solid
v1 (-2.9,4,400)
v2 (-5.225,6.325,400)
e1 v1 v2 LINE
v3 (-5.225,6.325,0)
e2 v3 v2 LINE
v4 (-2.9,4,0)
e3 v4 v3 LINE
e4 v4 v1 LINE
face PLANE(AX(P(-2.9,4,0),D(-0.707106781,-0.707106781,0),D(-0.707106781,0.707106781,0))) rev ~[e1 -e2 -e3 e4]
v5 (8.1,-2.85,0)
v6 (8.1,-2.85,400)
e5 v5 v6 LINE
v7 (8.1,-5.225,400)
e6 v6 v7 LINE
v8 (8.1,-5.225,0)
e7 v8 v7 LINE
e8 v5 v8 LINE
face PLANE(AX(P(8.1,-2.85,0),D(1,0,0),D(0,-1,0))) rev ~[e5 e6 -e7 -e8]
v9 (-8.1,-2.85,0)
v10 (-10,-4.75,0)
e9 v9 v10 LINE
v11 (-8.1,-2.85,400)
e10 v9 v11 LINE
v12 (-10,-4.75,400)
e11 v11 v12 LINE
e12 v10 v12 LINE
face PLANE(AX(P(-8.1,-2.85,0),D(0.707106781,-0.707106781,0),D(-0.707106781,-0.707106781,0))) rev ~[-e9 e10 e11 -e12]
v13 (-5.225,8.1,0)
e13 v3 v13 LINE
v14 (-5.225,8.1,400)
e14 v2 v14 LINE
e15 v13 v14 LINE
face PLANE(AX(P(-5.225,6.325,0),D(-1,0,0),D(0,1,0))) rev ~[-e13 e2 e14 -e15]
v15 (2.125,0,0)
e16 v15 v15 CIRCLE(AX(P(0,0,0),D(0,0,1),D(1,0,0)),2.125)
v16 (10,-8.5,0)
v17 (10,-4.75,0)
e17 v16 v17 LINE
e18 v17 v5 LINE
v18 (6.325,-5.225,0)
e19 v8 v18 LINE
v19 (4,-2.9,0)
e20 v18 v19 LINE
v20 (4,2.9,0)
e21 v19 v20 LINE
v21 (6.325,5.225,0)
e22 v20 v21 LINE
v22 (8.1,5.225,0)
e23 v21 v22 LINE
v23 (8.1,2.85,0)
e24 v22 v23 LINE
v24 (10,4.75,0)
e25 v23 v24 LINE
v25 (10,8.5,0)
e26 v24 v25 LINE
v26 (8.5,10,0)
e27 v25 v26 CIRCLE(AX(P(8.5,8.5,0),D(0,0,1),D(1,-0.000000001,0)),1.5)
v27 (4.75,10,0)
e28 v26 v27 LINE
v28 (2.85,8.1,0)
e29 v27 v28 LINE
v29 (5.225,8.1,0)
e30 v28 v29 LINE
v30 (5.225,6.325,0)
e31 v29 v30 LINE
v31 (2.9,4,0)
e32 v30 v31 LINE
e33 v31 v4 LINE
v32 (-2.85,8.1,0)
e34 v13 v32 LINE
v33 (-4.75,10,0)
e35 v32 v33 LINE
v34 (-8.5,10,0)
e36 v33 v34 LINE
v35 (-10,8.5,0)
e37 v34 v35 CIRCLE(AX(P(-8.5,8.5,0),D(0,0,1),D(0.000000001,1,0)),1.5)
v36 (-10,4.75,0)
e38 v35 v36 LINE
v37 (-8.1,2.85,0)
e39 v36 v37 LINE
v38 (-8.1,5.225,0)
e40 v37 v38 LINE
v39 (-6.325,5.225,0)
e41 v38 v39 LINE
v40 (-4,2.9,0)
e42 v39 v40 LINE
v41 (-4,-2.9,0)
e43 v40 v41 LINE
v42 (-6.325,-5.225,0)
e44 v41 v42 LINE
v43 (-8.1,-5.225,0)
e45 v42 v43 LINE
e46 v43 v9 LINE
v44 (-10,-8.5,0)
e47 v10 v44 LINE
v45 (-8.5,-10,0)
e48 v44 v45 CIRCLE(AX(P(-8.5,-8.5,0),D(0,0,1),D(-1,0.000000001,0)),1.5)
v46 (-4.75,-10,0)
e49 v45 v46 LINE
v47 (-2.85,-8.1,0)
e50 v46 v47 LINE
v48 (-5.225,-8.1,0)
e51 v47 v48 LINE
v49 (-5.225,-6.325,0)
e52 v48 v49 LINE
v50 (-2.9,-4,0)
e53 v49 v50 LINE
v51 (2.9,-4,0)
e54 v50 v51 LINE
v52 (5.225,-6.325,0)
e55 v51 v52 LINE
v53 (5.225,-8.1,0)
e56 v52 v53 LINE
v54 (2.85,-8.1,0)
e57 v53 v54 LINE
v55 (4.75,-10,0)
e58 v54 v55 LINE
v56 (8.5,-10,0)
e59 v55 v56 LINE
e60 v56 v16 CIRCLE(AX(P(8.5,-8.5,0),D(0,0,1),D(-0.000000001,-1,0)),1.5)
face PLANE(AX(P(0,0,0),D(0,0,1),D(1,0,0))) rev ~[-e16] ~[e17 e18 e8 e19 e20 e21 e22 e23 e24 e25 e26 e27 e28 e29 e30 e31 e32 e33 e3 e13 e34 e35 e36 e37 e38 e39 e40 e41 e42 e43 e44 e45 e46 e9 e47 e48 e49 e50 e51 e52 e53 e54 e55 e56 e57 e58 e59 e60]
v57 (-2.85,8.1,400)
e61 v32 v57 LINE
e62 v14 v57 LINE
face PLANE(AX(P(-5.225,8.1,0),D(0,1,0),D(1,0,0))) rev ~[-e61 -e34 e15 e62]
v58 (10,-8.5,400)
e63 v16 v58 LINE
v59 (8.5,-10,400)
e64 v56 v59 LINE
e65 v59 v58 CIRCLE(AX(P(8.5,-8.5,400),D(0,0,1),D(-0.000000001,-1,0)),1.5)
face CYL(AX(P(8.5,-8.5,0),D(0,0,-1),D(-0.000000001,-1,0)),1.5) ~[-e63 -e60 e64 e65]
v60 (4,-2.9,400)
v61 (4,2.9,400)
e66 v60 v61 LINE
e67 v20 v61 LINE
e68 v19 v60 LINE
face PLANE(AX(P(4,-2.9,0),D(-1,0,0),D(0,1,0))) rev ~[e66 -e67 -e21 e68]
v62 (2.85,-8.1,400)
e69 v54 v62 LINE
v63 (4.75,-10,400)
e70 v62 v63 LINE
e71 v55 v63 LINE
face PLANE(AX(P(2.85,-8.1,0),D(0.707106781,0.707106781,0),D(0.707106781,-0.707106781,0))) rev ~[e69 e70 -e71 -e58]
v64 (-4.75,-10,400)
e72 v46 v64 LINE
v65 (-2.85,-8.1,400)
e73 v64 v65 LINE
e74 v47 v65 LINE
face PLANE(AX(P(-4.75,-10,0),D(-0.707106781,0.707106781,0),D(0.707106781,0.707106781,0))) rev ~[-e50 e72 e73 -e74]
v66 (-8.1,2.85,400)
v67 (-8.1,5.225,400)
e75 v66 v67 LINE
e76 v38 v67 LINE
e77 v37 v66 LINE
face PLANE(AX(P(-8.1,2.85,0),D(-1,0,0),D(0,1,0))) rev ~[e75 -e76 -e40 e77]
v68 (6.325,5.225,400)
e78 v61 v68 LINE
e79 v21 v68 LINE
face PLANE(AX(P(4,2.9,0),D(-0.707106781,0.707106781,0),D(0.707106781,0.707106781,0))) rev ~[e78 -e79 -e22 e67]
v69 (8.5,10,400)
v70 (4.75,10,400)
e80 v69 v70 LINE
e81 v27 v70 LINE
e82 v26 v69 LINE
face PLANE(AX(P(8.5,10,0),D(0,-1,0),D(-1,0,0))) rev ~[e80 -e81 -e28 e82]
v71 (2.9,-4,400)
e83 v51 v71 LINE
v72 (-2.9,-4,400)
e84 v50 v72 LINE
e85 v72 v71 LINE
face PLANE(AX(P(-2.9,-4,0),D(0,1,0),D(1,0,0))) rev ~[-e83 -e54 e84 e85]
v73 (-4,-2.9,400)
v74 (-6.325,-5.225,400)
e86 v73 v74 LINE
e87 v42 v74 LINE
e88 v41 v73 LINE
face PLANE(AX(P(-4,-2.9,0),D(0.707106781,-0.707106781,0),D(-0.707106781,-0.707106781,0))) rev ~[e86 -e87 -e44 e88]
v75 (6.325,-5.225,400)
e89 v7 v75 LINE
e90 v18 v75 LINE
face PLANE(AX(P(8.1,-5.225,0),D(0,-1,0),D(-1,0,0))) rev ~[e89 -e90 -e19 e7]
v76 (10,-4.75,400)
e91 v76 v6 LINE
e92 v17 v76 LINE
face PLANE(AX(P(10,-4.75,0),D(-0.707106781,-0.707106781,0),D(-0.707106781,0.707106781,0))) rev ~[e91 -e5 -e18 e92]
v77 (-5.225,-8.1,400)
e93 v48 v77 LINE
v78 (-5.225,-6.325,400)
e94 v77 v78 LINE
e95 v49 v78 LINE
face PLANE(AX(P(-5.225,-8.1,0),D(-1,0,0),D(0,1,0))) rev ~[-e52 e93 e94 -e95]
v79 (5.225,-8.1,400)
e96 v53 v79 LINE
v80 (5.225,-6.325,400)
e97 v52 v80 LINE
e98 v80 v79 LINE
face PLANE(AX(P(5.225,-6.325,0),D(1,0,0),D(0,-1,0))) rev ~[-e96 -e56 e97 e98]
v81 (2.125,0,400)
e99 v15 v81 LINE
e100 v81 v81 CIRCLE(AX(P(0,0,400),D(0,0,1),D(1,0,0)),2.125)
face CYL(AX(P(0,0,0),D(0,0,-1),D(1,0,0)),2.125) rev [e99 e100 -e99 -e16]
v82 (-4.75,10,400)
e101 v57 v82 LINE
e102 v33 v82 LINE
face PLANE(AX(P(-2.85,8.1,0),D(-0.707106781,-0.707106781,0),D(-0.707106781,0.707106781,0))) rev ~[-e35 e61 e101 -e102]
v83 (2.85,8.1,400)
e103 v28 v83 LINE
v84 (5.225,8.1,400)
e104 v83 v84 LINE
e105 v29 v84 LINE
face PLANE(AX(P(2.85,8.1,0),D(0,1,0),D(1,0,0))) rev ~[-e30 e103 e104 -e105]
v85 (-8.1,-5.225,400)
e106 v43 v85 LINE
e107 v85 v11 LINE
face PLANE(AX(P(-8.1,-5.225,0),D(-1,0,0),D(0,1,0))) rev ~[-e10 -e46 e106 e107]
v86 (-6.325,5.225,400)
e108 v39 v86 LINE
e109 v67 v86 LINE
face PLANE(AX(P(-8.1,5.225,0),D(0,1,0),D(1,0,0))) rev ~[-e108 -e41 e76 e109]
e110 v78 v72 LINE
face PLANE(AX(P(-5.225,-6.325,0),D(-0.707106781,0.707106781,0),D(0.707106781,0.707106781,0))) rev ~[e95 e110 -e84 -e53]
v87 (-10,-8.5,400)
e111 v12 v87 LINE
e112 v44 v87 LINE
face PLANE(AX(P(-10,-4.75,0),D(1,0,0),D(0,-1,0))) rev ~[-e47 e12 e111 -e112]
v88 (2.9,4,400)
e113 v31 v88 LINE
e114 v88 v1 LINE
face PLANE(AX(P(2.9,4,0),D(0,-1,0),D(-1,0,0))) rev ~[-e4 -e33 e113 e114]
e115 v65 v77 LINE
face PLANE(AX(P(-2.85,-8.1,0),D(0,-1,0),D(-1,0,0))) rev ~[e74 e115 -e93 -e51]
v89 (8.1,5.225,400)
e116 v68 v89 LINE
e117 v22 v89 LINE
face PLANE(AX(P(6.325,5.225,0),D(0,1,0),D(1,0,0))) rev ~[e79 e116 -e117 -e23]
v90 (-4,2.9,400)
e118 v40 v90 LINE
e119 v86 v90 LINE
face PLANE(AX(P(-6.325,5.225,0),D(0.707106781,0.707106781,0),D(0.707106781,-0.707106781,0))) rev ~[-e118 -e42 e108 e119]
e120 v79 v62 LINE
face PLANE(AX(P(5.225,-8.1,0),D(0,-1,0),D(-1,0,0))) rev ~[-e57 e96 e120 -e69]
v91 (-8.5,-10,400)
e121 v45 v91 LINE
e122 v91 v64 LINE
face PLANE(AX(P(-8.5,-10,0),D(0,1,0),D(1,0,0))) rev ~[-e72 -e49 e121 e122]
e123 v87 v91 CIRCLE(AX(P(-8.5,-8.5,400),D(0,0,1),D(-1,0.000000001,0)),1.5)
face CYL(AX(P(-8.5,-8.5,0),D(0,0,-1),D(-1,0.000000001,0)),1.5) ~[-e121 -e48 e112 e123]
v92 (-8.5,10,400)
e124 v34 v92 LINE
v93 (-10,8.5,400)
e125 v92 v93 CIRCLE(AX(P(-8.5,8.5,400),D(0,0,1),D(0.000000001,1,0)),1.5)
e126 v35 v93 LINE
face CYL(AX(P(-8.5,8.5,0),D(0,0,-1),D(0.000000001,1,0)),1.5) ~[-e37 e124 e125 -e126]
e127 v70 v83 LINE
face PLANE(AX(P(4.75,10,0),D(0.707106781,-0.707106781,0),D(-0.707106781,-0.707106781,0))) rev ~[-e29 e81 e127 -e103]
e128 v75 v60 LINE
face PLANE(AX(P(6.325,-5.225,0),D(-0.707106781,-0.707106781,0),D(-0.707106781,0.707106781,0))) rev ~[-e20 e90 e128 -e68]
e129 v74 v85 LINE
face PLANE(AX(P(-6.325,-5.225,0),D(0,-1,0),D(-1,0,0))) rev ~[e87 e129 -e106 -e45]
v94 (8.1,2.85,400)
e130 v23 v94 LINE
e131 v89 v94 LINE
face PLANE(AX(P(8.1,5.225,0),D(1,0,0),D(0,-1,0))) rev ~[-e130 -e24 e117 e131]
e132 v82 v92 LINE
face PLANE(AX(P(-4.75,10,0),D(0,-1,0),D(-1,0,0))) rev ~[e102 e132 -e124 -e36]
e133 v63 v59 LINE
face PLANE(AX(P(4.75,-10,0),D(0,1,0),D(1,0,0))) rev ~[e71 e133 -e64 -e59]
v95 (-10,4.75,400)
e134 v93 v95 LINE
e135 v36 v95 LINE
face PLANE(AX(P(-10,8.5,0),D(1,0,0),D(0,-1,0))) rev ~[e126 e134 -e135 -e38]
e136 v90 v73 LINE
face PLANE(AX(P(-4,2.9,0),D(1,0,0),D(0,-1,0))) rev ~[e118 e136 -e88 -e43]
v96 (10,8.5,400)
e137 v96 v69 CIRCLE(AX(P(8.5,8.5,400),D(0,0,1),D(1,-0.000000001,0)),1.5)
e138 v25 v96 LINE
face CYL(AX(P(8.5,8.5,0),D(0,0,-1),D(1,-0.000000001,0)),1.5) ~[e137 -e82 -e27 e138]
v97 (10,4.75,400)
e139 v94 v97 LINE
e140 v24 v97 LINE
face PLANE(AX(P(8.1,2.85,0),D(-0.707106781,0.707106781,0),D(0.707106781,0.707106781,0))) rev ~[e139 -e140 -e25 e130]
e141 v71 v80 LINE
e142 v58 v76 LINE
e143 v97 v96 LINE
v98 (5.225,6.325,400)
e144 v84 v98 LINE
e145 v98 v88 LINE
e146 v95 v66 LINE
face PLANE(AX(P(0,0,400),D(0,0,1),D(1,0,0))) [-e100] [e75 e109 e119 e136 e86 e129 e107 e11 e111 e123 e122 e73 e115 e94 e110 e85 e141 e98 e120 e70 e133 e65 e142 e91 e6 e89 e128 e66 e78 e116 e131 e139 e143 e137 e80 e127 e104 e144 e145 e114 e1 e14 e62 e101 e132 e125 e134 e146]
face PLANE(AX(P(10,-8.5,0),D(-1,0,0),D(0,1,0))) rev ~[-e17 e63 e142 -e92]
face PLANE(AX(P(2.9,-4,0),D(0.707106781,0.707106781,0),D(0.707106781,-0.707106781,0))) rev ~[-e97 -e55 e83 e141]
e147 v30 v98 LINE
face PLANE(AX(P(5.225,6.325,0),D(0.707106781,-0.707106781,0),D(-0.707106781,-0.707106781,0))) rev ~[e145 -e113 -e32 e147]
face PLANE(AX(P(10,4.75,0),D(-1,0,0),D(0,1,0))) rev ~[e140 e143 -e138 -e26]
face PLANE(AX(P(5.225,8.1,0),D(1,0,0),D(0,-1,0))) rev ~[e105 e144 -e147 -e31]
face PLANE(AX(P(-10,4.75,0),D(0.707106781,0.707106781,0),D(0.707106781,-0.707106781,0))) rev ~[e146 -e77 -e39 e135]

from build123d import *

# Parameters (mm, degrees)
SKETCH1_R           = 2.125
BOSS_EXTRUDE1_DEPTH = 400


with BuildPart() as part:
    # Sketch1 → Boss-Extrude1 (new body)
    with BuildSketch(Plane.XY):
        with BuildLine():
            Line((8.1, 5.225), (8.1, 2.85))
            Line((8.1, 2.85), (10, 4.75))
            Line((10, 4.75), (10, 8.5))
            ThreePointArc((10, 8.5), (9.560660172, 9.560660172), (8.5, 10))
            Line((8.5, 10), (4.75, 10))
            Line((4.75, 10), (2.85, 8.1))
            Line((2.85, 8.1), (5.225, 8.1))
            Line((5.225, 8.1), (5.225, 6.325))
            Line((5.225, 6.325), (2.9, 4))
            Line((2.9, 4), (-2.9, 4))
            Line((-2.9, 4), (-5.225, 6.325))
            Line((-5.225, 6.325), (-5.225, 8.1))
            Line((-5.225, 8.1), (-2.85, 8.1))
            Line((-2.85, 8.1), (-4.75, 10))
            Line((-4.75, 10), (-8.5, 10))
            ThreePointArc((-8.5, 10), (-9.560660172, 9.560660172), (-10, 8.5))
            Line((-10, 8.5), (-10, 4.75))
            Line((-10, 4.75), (-8.1, 2.85))
            Line((-8.1, 2.85), (-8.1, 5.225))
            Line((-8.1, 5.225), (-6.325, 5.225))
            Line((-6.325, 5.225), (-4, 2.9))
            Line((-4, 2.9), (-4, -2.9))
            Line((-4, -2.9), (-6.325, -5.225))
            Line((-6.325, -5.225), (-8.1, -5.225))
            Line((-8.1, -5.225), (-8.1, -2.85))
            Line((-8.1, -2.85), (-10, -4.75))
            Line((-10, -4.75), (-10, -8.5))
            ThreePointArc((-10, -8.5), (-9.560660172, -9.560660172), (-8.5, -10))
            Line((-8.5, -10), (-4.75, -10))
            Line((-4.75, -10), (-2.85, -8.1))
            Line((-2.85, -8.1), (-5.225, -8.1))
            Line((-5.225, -8.1), (-5.225, -6.325))
            Line((-5.225, -6.325), (-2.9, -4))
            Line((-2.9, -4), (2.9, -4))
            Line((2.9, -4), (5.225, -6.325))
            Line((5.225, -6.325), (5.225, -8.1))
            Line((5.225, -8.1), (2.85, -8.1))
            Line((2.85, -8.1), (4.75, -10))
            Line((4.75, -10), (8.5, -10))
            ThreePointArc((8.5, -10), (9.560660172, -9.560660172), (10, -8.5))
            Line((10, -8.5), (10, -4.75))
            Line((10, -4.75), (8.1, -2.85))
            Line((8.1, -2.85), (8.1, -5.225))
            Line((8.1, -5.225), (6.325, -5.225))
            Line((6.325, -5.225), (4, -2.9))
            Line((4, -2.9), (4, 2.9))
            Line((4, 2.9), (6.325, 5.225))
            Line((6.325, 5.225), (8.1, 5.225))
        make_face()
        Circle(SKETCH1_R, mode=Mode.SUBTRACT)
    extrude(amount=BOSS_EXTRUDE1_DEPTH)


solid = part.part
